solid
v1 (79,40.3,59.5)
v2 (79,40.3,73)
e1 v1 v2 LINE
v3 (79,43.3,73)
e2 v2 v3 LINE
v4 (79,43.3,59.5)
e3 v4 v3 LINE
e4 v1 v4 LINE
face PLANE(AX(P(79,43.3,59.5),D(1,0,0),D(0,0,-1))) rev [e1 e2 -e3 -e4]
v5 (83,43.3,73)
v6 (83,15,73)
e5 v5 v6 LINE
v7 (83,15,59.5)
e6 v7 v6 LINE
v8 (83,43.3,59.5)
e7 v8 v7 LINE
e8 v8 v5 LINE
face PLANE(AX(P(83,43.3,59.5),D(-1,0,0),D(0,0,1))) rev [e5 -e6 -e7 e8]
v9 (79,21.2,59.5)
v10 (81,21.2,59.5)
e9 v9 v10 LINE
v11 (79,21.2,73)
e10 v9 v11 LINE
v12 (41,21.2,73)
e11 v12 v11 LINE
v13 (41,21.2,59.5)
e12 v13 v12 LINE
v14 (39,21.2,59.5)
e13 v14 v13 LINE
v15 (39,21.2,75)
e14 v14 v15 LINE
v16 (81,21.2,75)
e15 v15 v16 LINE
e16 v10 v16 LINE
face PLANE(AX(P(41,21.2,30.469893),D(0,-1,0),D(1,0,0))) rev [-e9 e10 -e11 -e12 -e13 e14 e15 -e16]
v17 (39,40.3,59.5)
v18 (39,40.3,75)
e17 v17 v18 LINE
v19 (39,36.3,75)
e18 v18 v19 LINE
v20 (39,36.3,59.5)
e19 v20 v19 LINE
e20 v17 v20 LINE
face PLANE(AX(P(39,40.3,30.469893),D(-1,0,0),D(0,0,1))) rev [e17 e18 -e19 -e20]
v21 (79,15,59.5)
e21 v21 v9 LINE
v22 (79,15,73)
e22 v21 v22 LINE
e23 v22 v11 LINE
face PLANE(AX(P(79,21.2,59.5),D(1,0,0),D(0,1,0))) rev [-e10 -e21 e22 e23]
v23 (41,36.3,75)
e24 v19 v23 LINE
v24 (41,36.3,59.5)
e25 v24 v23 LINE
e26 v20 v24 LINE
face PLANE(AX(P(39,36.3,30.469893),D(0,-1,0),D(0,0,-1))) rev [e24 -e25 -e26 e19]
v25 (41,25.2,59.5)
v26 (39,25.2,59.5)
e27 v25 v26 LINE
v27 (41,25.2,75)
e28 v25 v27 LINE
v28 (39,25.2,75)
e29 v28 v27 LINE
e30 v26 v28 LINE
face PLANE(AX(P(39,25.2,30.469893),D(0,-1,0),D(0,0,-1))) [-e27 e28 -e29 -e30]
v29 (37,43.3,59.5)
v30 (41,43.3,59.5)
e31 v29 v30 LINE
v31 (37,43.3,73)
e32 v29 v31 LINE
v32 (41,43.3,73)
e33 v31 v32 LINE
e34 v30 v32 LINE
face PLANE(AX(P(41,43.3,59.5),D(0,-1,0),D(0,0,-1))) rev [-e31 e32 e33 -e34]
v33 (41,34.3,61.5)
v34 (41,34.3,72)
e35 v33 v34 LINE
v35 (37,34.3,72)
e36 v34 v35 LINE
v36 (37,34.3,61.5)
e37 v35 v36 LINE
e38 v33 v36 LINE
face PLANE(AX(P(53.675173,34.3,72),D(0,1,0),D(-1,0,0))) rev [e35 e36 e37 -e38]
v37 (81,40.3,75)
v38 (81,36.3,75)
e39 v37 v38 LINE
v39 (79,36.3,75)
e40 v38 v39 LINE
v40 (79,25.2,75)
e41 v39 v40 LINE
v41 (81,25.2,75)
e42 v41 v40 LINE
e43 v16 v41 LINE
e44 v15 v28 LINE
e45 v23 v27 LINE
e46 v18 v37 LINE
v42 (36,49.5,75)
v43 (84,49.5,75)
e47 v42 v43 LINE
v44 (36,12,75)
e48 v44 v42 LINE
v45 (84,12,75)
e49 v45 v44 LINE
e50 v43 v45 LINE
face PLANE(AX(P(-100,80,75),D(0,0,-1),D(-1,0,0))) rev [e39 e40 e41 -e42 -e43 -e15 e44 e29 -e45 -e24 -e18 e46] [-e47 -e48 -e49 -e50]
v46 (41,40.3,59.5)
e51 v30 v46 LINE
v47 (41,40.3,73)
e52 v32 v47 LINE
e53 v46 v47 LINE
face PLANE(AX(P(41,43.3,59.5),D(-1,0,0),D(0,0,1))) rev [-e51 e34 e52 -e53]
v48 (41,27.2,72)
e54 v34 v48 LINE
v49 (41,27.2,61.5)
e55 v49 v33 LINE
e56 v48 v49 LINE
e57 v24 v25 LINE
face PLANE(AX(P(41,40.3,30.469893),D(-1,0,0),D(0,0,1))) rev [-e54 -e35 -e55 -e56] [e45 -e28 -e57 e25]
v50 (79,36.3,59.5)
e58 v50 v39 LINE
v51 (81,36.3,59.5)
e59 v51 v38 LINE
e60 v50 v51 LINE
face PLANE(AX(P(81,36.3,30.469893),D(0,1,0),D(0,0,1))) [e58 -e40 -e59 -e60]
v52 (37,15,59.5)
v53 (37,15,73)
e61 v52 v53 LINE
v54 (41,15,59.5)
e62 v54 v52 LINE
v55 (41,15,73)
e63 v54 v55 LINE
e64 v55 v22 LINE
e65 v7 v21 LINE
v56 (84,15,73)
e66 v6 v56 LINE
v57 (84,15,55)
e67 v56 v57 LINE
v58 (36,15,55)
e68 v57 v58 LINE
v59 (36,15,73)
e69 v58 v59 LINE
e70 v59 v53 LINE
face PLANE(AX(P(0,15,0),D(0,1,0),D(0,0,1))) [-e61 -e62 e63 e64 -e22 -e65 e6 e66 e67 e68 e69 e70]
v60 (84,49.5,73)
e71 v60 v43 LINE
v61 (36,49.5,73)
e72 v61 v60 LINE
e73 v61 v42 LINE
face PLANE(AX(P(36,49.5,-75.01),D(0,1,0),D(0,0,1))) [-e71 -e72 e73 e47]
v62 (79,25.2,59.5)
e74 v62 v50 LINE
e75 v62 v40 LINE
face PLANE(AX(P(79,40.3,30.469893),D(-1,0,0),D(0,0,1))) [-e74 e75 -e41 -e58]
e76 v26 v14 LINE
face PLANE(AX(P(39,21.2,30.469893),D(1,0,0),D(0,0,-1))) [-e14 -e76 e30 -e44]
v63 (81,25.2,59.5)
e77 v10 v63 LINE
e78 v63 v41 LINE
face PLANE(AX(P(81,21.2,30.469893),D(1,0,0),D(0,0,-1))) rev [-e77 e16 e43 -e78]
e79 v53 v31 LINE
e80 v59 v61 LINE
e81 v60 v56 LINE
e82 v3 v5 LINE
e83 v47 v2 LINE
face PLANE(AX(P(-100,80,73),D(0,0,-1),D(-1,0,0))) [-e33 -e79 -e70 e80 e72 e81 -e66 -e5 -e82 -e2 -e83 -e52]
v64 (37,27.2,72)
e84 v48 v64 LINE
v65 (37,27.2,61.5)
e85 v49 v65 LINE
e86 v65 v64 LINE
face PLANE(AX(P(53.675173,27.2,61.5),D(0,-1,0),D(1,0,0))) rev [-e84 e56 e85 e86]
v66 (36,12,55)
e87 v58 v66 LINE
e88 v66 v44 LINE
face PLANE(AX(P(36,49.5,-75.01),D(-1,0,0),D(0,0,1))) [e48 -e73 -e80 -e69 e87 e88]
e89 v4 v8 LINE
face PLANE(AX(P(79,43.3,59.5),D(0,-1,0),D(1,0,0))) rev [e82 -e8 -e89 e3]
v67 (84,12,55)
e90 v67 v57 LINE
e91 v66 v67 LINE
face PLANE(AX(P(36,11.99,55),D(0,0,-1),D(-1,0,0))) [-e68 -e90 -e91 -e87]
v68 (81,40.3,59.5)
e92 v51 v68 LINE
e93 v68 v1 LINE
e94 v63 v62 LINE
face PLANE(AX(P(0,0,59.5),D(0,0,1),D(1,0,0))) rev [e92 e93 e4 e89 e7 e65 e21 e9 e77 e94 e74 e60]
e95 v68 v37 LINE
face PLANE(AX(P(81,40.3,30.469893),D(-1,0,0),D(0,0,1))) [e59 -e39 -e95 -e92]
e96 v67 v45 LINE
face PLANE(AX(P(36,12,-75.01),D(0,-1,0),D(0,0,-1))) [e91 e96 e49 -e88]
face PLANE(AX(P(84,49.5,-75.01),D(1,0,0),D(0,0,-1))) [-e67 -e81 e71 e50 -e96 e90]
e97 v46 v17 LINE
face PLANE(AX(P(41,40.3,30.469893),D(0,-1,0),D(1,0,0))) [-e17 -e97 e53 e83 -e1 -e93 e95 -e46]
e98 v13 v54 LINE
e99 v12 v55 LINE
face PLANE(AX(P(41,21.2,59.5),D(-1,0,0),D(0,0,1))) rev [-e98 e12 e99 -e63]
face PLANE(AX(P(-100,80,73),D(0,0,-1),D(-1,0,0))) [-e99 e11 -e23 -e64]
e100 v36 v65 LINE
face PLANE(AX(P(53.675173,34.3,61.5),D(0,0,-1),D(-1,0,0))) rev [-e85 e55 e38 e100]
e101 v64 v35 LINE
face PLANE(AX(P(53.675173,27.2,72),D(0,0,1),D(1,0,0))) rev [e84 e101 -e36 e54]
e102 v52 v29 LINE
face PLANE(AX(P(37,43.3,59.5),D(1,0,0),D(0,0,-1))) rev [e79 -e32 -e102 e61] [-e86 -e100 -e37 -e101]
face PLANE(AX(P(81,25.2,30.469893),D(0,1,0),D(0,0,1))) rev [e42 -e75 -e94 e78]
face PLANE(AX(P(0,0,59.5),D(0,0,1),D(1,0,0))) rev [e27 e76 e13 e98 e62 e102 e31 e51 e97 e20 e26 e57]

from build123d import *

# Parameters (mm, degrees)
SKETCH2_W                = 200
SKETCH2_H                = 150
BOSS_EXTRUDE1_DEPTH      = 80
FILLET1_R                = 10
SHELL1_T                 = -2
SHELL1_THICKNESS_2_DEPTH = 13
SKETCH5_W                = 36.5
SKETCH5_H                = 27.5
CUT_EXTRUDE1_DEPTH       = 2
BOSS_EXTRUDE2_DEPTH      = 16
SKETCH7_W                = 36.5
SKETCH7_H                = 27.5
CUT_EXTRUDE2_DEPTH       = 2
BOSS_EXTRUDE3_DEPTH      = 16
SKETCH10_W               = 36.5
SKETCH10_H               = 27.5
CUT_EXTRUDE4_DEPTH       = 2
BOSS_EXTRUDE4_DEPTH      = 16
SKETCH13_W               = 2
SKETCH13_H               = 4
CUT_EXTRUDE5_DEPTH       = 2
BOSS_EXTRUDE5_DEPTH      = 13.5
SKETCH15_W               = 10.5
SKETCH15_H               = 7.1
CUT_EXTRUDE6_DEPTH       = 4
CUT_EXTRUDE8_REACH       = 150.408
SKETCH20_R               = 8
SPLIT1_SURFACE_1_BACK    = 263.488
SPLIT1_SURFACE_1_DEPTH   = 526.976
SPLIT1_SURFACE_2_BACK    = 263.488
SPLIT1_SURFACE_2_DEPTH   = 526.976
SPLIT2_SURFACE_3_BACK    = 263.488
SPLIT2_SURFACE_3_DEPTH   = 526.976
SPLIT2_SURFACE_4_BACK    = 263.488
SPLIT2_SURFACE_4_DEPTH   = 526.976


with BuildPart() as part:
    # Sketch2 → Boss-Extrude1 (new body)
    with BuildSketch(Plane(origin=(0, 0, 0), x_dir=(1, 0, 0), z_dir=(0, 1, 0))):
        Rectangle(SKETCH2_W, SKETCH2_H)
    extrude(amount=BOSS_EXTRUDE1_DEPTH)

    # Fillet1
    fillet1_edges = [part.edges().sort_by_distance(p)[0] for p in [
        (100, 40, 75),
        (-100, 40, 75),
        (-100, 40, -75),
        (100, 40, -75),
    ]]
    fillet(fillet1_edges, radius=FILLET1_R)

    # Shell1
    shell1_openings = [part.faces().sort_by_distance(p)[0] for p in [
        (0, 80, 0),
    ]]
    offset(amount=SHELL1_T, openings=shell1_openings, kind=Kind.INTERSECTION)

    # Shell1 thickness 2 face (on inner face of the shell) → Shell1 thickness 2 (add)
    with BuildSketch(Plane(origin=(0, 2, 0), x_dir=(0, 0, -1), z_dir=(0, -1, 0))):
        with BuildLine():
            ThreePointArc((73, -90), (70.656854249, -95.656854249), (65, -98))
            Line((65, -98), (-65, -98))
            ThreePointArc((-65, -98), (-70.656854249, -95.656854249), (-73, -90))
            Line((-73, -90), (-73, 90))
            ThreePointArc((-73, 90), (-70.656854249, 95.656854249), (-65, 98))
            Line((-65, 98), (65, 98))
            ThreePointArc((65, 98), (70.656854249, 95.656854249), (73, 90))
            Line((73, 90), (73, -90))
        make_face()
    extrude(amount=-SHELL1_THICKNESS_2_DEPTH)

    # Sketch5 → Cut-Extrude1 (cut)
    with BuildSketch(Plane.XY.offset(75)):
        with Locations((0, 30.75)):
            Rectangle(SKETCH5_W, SKETCH5_H)
        Polygon((-18.25, 43.5), (-19.75, 44.366025404), (-19.75, 41.633974596), (-18.25, 42.5), align=None)
        Polygon((-19.75, 19.866025404), (-18.25, 19), (-18.25, 18), (-19.75, 17.133974596), align=None)
        Polygon((19.75, 17.133974596), (19.75, 19.866025404), (18.25, 19), (18.25, 18), align=None)
        Polygon((19.75, 41.633974596), (18.25, 42.5), (18.25, 43.5), (19.75, 44.366025404), align=None)
    extrude(amount=-CUT_EXTRUDE1_DEPTH, mode=Mode.SUBTRACT)

    # Sketch6 → Boss-Extrude2 (add)
    with BuildSketch(Plane(origin=(0, 0, 73), x_dir=(-1, 0, 0), z_dir=(0, 0, -1))):
        Polygon((18.25, 15), (21.25, 15), (21.25, 47.5), (18.25, 47.5), (18.25, 43.5), (19.75, 44.366025404), (19.75, 41.633974596), (18.25, 42.5), (18.25, 19), (19.75, 19.866025404), (19.75, 17.133974596), (18.25, 18), align=None)
        Polygon((-21.25, 47.5), (-21.25, 15), (-18.25, 15), (-18.25, 18), (-19.75, 17.133974596), (-19.75, 19.866025404), (-18.25, 19), (-18.25, 42.5), (-19.75, 41.633974596), (-19.75, 44.366025404), (-18.25, 43.5), (-18.25, 47.5), align=None)
    extrude(amount=BOSS_EXTRUDE2_DEPTH)

    # Sketch7 → Cut-Extrude2 (cut)
    with BuildSketch(Plane(origin=(100, 0, 0), x_dir=(0, 0, -1), z_dir=(1, 0, 0))):
        with Locations((0, 30.75)):
            Rectangle(SKETCH7_W, SKETCH7_H)
        Polygon((-18.25, 43.5), (-19.75, 44.366025404), (-19.75, 41.633974596), (-18.25, 42.5), align=None)
        Polygon((-19.75, 19.866025404), (-18.25, 19), (-18.25, 18), (-19.75, 17.133974596), align=None)
        Polygon((19.75, 17.133974596), (19.75, 19.866025404), (18.25, 19), (18.25, 18), align=None)
        Polygon((19.75, 41.633974596), (18.25, 42.5), (18.25, 43.5), (19.75, 44.366025404), align=None)
    extrude(amount=-CUT_EXTRUDE2_DEPTH, mode=Mode.SUBTRACT)

    # Sketch8 → Boss-Extrude3 (add)
    with BuildSketch(Plane.ZY.offset(-98)):
        Polygon((-21.25, 47.5), (-18.25, 47.5), (-18.25, 43.5), (-19.75, 44.366025404), (-19.75, 41.633974596), (-18.25, 42.5), (-18.25, 19), (-19.75, 19.866025404), (-19.75, 17.133974596), (-18.25, 18), (-18.25, 15), (-21.25, 15), align=None)
        Polygon((19.75, 44.366025404), (18.25, 43.5), (18.25, 47.5), (21.25, 47.5), (21.25, 15), (18.25, 15), (18.25, 18), (19.75, 17.133974596), (19.75, 19.866025404), (18.25, 19), (18.25, 42.5), (19.75, 41.633974596), align=None)
    extrude(amount=BOSS_EXTRUDE3_DEPTH)

    # Sketch10 → Cut-Extrude4 (cut)
    with BuildSketch(Plane.ZY.offset(100)):
        with Locations((0, 30.75)):
            Rectangle(SKETCH10_W, SKETCH10_H)
        Polygon((-18.25, 43.5), (-19.75, 44.366025404), (-19.75, 41.633974596), (-18.25, 42.5), align=None)
        Polygon((-19.75, 19.866025404), (-18.25, 19), (-18.25, 18), (-19.75, 17.133974596), align=None)
        Polygon((19.75, 17.133974596), (19.75, 19.866025404), (18.25, 19), (18.25, 18), align=None)
        Polygon((19.75, 41.633974596), (18.25, 42.5), (18.25, 43.5), (19.75, 44.366025404), align=None)
    extrude(amount=-CUT_EXTRUDE4_DEPTH, mode=Mode.SUBTRACT)

    # Sketch11 → Boss-Extrude4 (add)
    with BuildSketch(Plane(origin=(-98, 0, 0), x_dir=(0, 0, -1), z_dir=(1, 0, 0))):
        Polygon((-18.25, 47.5), (-21.25, 47.5), (-21.25, 15), (-18.25, 15), (-18.25, 18), (-19.75, 17.133974596), (-19.75, 19.866025404), (-18.25, 19), (-18.25, 42.5), (-19.75, 41.633974596), (-19.75, 44.366025404), (-18.25, 43.5), align=None)
        Polygon((19.75, 44.366025404), (18.25, 43.5), (18.25, 47.5), (21.25, 47.5), (21.25, 15), (18.25, 15), (18.25, 18), (19.75, 17.133974596), (19.75, 19.866025404), (18.25, 19), (18.25, 42.5), (19.75, 41.633974596), align=None)
    extrude(amount=BOSS_EXTRUDE4_DEPTH)

    # Sketch13 → Cut-Extrude5 (cut)
    with BuildSketch(Plane.XY.offset(75)):
        with Locations((40, 38.3)):
            Rectangle(SKETCH13_W, SKETCH13_H)
        Polygon((79, 40.3), (41, 40.3), (41, 36.3), (41, 25.2), (41, 21.2), (79, 21.2), (79, 25.2), (79, 36.3), align=None)
        with Locations((80, 38.3)):
            Rectangle(SKETCH13_W, SKETCH13_H)
        with Locations((40, 23.2)):
            Rectangle(SKETCH13_W, SKETCH13_H)
        with Locations((80, 23.2)):
            Rectangle(SKETCH13_W, SKETCH13_H)
    extrude(amount=-CUT_EXTRUDE5_DEPTH, mode=Mode.SUBTRACT)

    # Sketch14 → Boss-Extrude5 (add)
    with BuildSketch(Plane(origin=(0, 0, 73), x_dir=(-1, 0, 0), z_dir=(0, 0, -1))):
        Polygon((-79, 43.3), (-83, 43.3), (-83, 15), (-79, 15), (-79, 21.2), (-81, 21.2), (-81, 25.2), (-79, 25.2), (-79, 36.3), (-81, 36.3), (-81, 40.3), (-79, 40.3), align=None)
        Polygon((-39, 40.3), (-41, 40.3), (-41, 43.3), (-37, 43.3), (-37, 15), (-41, 15), (-41, 21.2), (-39, 21.2), (-39, 25.2), (-41, 25.2), (-41, 36.3), (-39, 36.3), align=None)
    extrude(amount=BOSS_EXTRUDE5_DEPTH)

    # Sketch15 → Cut-Extrude6 (cut)
    with BuildSketch(Plane.ZY.offset(-37)):
        with Locations((66.75, 30.75)):
            Rectangle(SKETCH15_W, SKETCH15_H)
    extrude(amount=-CUT_EXTRUDE6_DEPTH, mode=Mode.SUBTRACT)

    # Sketch18 → Cut-Revolve1 (revolve, cut)
    with BuildSketch(Plane(origin=(0, 0, 0), x_dir=(0, 0, -1), z_dir=(1, 0, 0)), mode=Mode.PRIVATE) as cut_revolve1_sk:
        Polygon((-42.5, 0), (-70, 0), (-47.5, 10), (-42.5, 10), align=None)
    revolve(cut_revolve1_sk.sketch.rotate(Axis((0, 0, 0), (0, 1, 0)), 180), axis=Axis((0, 0, 0), (0, 1, 0)), mode=Mode.SUBTRACT)

    # Cut-Extrude8: up to this face of the body (flat: up to its plane)
    cut_extrude8_end = Plane(part.part.faces().sort_by_distance((-0.230072279, 15, -0.475589226))[0])
    # Sketch20 → Cut-Extrude8 (cut, up to the picked face)
    with BuildSketch(Plane.XZ, mode=Mode.PRIVATE) as cut_extrude8_sk1:
        with Locations(Location((0, -42.5, 0), (0, 0, 270))):
            Circle(SKETCH20_R)
    cut_extrude8_tool1 = split(extrude(cut_extrude8_sk1.sketch, amount=-CUT_EXTRUDE8_REACH, mode=Mode.PRIVATE), bisect_by=cut_extrude8_end, keep=Keep.BOTH, mode=Mode.PRIVATE)
    add(cut_extrude8_tool1.solids().sort_by(Axis((0, 0, -42.5), (0, 1, 0)))[0], mode=Mode.SUBTRACT)


with BuildPart() as body_2:
    # Split1: the piece behind the surface
    add(part.part)
    # Split1 surface: a surface, the sketch's curves swept straight by 526.976 mm
    with BuildLine(Plane.XY.offset(75).offset(-SPLIT1_SURFACE_1_BACK), mode=Mode.PRIVATE) as split1_surface_1_path:
        Line((36, 49.5), (84, 49.5))
        Line((84, 49.5), (84, 12))
        Line((84, 12), (36, 12))
        Line((36, 12), (36, 49.5))
    split1_surface_1 = Shell.extrude(split1_surface_1_path.wire(), (0 * SPLIT1_SURFACE_1_DEPTH, 0 * SPLIT1_SURFACE_1_DEPTH, 1 * SPLIT1_SURFACE_1_DEPTH))
    split(bisect_by=split1_surface_1, keep=Keep.BOTTOM)


with BuildPart() as part_1:
    add(part.part)

    # Split1: split by a surface, the side it looks to stays
    # Split1 surface: a surface, the sketch's curves swept straight by 526.976 mm
    with BuildLine(Plane.XY.offset(75).offset(-SPLIT1_SURFACE_2_BACK), mode=Mode.PRIVATE) as split1_surface_2_path:
        Line((36, 49.5), (84, 49.5))
        Line((84, 49.5), (84, 12))
        Line((84, 12), (36, 12))
        Line((36, 12), (36, 49.5))
    split1_surface_2 = Shell.extrude(split1_surface_2_path.wire(), (0 * SPLIT1_SURFACE_2_DEPTH, 0 * SPLIT1_SURFACE_2_DEPTH, 1 * SPLIT1_SURFACE_2_DEPTH))
    split(bisect_by=split1_surface_2, keep=Keep.TOP)


with BuildPart() as body_3:
    # Split2: the piece behind the surface
    add(body_2.part)
    # Split2 surface: a surface, the sketch's curves swept straight by 526.976 mm
    with BuildLine(Plane(origin=(0, 15, 0), x_dir=(1, 0, 0), z_dir=(0, 1, 0)).offset(-SPLIT2_SURFACE_3_BACK), mode=Mode.PRIVATE) as split2_surface_3_path:
        Line((36, -75), (84, -75))
        Line((84, -75), (84, -55))
        Line((84, -55), (36, -55))
        Line((36, -55), (36, -75))
    split2_surface_3 = Shell.extrude(split2_surface_3_path.wire(), (0 * SPLIT2_SURFACE_3_DEPTH, 1 * SPLIT2_SURFACE_3_DEPTH, 0 * SPLIT2_SURFACE_3_DEPTH))
    split(bisect_by=split2_surface_3, keep=Keep.BOTTOM)


with BuildPart() as body_2_1:
    add(body_2.part)

    # Split2: split by a surface, the side it looks to stays
    # Split2 surface: a surface, the sketch's curves swept straight by 526.976 mm
    with BuildLine(Plane(origin=(0, 15, 0), x_dir=(1, 0, 0), z_dir=(0, 1, 0)).offset(-SPLIT2_SURFACE_4_BACK), mode=Mode.PRIVATE) as split2_surface_4_path:
        Line((36, -75), (84, -75))
        Line((84, -75), (84, -55))
        Line((84, -55), (36, -55))
        Line((36, -55), (36, -75))
    split2_surface_4 = Shell.extrude(split2_surface_4_path.wire(), (0 * SPLIT2_SURFACE_4_DEPTH, 1 * SPLIT2_SURFACE_4_DEPTH, 0 * SPLIT2_SURFACE_4_DEPTH))
    split(bisect_by=split2_surface_4, keep=Keep.TOP)


solid = body_2_1.part
